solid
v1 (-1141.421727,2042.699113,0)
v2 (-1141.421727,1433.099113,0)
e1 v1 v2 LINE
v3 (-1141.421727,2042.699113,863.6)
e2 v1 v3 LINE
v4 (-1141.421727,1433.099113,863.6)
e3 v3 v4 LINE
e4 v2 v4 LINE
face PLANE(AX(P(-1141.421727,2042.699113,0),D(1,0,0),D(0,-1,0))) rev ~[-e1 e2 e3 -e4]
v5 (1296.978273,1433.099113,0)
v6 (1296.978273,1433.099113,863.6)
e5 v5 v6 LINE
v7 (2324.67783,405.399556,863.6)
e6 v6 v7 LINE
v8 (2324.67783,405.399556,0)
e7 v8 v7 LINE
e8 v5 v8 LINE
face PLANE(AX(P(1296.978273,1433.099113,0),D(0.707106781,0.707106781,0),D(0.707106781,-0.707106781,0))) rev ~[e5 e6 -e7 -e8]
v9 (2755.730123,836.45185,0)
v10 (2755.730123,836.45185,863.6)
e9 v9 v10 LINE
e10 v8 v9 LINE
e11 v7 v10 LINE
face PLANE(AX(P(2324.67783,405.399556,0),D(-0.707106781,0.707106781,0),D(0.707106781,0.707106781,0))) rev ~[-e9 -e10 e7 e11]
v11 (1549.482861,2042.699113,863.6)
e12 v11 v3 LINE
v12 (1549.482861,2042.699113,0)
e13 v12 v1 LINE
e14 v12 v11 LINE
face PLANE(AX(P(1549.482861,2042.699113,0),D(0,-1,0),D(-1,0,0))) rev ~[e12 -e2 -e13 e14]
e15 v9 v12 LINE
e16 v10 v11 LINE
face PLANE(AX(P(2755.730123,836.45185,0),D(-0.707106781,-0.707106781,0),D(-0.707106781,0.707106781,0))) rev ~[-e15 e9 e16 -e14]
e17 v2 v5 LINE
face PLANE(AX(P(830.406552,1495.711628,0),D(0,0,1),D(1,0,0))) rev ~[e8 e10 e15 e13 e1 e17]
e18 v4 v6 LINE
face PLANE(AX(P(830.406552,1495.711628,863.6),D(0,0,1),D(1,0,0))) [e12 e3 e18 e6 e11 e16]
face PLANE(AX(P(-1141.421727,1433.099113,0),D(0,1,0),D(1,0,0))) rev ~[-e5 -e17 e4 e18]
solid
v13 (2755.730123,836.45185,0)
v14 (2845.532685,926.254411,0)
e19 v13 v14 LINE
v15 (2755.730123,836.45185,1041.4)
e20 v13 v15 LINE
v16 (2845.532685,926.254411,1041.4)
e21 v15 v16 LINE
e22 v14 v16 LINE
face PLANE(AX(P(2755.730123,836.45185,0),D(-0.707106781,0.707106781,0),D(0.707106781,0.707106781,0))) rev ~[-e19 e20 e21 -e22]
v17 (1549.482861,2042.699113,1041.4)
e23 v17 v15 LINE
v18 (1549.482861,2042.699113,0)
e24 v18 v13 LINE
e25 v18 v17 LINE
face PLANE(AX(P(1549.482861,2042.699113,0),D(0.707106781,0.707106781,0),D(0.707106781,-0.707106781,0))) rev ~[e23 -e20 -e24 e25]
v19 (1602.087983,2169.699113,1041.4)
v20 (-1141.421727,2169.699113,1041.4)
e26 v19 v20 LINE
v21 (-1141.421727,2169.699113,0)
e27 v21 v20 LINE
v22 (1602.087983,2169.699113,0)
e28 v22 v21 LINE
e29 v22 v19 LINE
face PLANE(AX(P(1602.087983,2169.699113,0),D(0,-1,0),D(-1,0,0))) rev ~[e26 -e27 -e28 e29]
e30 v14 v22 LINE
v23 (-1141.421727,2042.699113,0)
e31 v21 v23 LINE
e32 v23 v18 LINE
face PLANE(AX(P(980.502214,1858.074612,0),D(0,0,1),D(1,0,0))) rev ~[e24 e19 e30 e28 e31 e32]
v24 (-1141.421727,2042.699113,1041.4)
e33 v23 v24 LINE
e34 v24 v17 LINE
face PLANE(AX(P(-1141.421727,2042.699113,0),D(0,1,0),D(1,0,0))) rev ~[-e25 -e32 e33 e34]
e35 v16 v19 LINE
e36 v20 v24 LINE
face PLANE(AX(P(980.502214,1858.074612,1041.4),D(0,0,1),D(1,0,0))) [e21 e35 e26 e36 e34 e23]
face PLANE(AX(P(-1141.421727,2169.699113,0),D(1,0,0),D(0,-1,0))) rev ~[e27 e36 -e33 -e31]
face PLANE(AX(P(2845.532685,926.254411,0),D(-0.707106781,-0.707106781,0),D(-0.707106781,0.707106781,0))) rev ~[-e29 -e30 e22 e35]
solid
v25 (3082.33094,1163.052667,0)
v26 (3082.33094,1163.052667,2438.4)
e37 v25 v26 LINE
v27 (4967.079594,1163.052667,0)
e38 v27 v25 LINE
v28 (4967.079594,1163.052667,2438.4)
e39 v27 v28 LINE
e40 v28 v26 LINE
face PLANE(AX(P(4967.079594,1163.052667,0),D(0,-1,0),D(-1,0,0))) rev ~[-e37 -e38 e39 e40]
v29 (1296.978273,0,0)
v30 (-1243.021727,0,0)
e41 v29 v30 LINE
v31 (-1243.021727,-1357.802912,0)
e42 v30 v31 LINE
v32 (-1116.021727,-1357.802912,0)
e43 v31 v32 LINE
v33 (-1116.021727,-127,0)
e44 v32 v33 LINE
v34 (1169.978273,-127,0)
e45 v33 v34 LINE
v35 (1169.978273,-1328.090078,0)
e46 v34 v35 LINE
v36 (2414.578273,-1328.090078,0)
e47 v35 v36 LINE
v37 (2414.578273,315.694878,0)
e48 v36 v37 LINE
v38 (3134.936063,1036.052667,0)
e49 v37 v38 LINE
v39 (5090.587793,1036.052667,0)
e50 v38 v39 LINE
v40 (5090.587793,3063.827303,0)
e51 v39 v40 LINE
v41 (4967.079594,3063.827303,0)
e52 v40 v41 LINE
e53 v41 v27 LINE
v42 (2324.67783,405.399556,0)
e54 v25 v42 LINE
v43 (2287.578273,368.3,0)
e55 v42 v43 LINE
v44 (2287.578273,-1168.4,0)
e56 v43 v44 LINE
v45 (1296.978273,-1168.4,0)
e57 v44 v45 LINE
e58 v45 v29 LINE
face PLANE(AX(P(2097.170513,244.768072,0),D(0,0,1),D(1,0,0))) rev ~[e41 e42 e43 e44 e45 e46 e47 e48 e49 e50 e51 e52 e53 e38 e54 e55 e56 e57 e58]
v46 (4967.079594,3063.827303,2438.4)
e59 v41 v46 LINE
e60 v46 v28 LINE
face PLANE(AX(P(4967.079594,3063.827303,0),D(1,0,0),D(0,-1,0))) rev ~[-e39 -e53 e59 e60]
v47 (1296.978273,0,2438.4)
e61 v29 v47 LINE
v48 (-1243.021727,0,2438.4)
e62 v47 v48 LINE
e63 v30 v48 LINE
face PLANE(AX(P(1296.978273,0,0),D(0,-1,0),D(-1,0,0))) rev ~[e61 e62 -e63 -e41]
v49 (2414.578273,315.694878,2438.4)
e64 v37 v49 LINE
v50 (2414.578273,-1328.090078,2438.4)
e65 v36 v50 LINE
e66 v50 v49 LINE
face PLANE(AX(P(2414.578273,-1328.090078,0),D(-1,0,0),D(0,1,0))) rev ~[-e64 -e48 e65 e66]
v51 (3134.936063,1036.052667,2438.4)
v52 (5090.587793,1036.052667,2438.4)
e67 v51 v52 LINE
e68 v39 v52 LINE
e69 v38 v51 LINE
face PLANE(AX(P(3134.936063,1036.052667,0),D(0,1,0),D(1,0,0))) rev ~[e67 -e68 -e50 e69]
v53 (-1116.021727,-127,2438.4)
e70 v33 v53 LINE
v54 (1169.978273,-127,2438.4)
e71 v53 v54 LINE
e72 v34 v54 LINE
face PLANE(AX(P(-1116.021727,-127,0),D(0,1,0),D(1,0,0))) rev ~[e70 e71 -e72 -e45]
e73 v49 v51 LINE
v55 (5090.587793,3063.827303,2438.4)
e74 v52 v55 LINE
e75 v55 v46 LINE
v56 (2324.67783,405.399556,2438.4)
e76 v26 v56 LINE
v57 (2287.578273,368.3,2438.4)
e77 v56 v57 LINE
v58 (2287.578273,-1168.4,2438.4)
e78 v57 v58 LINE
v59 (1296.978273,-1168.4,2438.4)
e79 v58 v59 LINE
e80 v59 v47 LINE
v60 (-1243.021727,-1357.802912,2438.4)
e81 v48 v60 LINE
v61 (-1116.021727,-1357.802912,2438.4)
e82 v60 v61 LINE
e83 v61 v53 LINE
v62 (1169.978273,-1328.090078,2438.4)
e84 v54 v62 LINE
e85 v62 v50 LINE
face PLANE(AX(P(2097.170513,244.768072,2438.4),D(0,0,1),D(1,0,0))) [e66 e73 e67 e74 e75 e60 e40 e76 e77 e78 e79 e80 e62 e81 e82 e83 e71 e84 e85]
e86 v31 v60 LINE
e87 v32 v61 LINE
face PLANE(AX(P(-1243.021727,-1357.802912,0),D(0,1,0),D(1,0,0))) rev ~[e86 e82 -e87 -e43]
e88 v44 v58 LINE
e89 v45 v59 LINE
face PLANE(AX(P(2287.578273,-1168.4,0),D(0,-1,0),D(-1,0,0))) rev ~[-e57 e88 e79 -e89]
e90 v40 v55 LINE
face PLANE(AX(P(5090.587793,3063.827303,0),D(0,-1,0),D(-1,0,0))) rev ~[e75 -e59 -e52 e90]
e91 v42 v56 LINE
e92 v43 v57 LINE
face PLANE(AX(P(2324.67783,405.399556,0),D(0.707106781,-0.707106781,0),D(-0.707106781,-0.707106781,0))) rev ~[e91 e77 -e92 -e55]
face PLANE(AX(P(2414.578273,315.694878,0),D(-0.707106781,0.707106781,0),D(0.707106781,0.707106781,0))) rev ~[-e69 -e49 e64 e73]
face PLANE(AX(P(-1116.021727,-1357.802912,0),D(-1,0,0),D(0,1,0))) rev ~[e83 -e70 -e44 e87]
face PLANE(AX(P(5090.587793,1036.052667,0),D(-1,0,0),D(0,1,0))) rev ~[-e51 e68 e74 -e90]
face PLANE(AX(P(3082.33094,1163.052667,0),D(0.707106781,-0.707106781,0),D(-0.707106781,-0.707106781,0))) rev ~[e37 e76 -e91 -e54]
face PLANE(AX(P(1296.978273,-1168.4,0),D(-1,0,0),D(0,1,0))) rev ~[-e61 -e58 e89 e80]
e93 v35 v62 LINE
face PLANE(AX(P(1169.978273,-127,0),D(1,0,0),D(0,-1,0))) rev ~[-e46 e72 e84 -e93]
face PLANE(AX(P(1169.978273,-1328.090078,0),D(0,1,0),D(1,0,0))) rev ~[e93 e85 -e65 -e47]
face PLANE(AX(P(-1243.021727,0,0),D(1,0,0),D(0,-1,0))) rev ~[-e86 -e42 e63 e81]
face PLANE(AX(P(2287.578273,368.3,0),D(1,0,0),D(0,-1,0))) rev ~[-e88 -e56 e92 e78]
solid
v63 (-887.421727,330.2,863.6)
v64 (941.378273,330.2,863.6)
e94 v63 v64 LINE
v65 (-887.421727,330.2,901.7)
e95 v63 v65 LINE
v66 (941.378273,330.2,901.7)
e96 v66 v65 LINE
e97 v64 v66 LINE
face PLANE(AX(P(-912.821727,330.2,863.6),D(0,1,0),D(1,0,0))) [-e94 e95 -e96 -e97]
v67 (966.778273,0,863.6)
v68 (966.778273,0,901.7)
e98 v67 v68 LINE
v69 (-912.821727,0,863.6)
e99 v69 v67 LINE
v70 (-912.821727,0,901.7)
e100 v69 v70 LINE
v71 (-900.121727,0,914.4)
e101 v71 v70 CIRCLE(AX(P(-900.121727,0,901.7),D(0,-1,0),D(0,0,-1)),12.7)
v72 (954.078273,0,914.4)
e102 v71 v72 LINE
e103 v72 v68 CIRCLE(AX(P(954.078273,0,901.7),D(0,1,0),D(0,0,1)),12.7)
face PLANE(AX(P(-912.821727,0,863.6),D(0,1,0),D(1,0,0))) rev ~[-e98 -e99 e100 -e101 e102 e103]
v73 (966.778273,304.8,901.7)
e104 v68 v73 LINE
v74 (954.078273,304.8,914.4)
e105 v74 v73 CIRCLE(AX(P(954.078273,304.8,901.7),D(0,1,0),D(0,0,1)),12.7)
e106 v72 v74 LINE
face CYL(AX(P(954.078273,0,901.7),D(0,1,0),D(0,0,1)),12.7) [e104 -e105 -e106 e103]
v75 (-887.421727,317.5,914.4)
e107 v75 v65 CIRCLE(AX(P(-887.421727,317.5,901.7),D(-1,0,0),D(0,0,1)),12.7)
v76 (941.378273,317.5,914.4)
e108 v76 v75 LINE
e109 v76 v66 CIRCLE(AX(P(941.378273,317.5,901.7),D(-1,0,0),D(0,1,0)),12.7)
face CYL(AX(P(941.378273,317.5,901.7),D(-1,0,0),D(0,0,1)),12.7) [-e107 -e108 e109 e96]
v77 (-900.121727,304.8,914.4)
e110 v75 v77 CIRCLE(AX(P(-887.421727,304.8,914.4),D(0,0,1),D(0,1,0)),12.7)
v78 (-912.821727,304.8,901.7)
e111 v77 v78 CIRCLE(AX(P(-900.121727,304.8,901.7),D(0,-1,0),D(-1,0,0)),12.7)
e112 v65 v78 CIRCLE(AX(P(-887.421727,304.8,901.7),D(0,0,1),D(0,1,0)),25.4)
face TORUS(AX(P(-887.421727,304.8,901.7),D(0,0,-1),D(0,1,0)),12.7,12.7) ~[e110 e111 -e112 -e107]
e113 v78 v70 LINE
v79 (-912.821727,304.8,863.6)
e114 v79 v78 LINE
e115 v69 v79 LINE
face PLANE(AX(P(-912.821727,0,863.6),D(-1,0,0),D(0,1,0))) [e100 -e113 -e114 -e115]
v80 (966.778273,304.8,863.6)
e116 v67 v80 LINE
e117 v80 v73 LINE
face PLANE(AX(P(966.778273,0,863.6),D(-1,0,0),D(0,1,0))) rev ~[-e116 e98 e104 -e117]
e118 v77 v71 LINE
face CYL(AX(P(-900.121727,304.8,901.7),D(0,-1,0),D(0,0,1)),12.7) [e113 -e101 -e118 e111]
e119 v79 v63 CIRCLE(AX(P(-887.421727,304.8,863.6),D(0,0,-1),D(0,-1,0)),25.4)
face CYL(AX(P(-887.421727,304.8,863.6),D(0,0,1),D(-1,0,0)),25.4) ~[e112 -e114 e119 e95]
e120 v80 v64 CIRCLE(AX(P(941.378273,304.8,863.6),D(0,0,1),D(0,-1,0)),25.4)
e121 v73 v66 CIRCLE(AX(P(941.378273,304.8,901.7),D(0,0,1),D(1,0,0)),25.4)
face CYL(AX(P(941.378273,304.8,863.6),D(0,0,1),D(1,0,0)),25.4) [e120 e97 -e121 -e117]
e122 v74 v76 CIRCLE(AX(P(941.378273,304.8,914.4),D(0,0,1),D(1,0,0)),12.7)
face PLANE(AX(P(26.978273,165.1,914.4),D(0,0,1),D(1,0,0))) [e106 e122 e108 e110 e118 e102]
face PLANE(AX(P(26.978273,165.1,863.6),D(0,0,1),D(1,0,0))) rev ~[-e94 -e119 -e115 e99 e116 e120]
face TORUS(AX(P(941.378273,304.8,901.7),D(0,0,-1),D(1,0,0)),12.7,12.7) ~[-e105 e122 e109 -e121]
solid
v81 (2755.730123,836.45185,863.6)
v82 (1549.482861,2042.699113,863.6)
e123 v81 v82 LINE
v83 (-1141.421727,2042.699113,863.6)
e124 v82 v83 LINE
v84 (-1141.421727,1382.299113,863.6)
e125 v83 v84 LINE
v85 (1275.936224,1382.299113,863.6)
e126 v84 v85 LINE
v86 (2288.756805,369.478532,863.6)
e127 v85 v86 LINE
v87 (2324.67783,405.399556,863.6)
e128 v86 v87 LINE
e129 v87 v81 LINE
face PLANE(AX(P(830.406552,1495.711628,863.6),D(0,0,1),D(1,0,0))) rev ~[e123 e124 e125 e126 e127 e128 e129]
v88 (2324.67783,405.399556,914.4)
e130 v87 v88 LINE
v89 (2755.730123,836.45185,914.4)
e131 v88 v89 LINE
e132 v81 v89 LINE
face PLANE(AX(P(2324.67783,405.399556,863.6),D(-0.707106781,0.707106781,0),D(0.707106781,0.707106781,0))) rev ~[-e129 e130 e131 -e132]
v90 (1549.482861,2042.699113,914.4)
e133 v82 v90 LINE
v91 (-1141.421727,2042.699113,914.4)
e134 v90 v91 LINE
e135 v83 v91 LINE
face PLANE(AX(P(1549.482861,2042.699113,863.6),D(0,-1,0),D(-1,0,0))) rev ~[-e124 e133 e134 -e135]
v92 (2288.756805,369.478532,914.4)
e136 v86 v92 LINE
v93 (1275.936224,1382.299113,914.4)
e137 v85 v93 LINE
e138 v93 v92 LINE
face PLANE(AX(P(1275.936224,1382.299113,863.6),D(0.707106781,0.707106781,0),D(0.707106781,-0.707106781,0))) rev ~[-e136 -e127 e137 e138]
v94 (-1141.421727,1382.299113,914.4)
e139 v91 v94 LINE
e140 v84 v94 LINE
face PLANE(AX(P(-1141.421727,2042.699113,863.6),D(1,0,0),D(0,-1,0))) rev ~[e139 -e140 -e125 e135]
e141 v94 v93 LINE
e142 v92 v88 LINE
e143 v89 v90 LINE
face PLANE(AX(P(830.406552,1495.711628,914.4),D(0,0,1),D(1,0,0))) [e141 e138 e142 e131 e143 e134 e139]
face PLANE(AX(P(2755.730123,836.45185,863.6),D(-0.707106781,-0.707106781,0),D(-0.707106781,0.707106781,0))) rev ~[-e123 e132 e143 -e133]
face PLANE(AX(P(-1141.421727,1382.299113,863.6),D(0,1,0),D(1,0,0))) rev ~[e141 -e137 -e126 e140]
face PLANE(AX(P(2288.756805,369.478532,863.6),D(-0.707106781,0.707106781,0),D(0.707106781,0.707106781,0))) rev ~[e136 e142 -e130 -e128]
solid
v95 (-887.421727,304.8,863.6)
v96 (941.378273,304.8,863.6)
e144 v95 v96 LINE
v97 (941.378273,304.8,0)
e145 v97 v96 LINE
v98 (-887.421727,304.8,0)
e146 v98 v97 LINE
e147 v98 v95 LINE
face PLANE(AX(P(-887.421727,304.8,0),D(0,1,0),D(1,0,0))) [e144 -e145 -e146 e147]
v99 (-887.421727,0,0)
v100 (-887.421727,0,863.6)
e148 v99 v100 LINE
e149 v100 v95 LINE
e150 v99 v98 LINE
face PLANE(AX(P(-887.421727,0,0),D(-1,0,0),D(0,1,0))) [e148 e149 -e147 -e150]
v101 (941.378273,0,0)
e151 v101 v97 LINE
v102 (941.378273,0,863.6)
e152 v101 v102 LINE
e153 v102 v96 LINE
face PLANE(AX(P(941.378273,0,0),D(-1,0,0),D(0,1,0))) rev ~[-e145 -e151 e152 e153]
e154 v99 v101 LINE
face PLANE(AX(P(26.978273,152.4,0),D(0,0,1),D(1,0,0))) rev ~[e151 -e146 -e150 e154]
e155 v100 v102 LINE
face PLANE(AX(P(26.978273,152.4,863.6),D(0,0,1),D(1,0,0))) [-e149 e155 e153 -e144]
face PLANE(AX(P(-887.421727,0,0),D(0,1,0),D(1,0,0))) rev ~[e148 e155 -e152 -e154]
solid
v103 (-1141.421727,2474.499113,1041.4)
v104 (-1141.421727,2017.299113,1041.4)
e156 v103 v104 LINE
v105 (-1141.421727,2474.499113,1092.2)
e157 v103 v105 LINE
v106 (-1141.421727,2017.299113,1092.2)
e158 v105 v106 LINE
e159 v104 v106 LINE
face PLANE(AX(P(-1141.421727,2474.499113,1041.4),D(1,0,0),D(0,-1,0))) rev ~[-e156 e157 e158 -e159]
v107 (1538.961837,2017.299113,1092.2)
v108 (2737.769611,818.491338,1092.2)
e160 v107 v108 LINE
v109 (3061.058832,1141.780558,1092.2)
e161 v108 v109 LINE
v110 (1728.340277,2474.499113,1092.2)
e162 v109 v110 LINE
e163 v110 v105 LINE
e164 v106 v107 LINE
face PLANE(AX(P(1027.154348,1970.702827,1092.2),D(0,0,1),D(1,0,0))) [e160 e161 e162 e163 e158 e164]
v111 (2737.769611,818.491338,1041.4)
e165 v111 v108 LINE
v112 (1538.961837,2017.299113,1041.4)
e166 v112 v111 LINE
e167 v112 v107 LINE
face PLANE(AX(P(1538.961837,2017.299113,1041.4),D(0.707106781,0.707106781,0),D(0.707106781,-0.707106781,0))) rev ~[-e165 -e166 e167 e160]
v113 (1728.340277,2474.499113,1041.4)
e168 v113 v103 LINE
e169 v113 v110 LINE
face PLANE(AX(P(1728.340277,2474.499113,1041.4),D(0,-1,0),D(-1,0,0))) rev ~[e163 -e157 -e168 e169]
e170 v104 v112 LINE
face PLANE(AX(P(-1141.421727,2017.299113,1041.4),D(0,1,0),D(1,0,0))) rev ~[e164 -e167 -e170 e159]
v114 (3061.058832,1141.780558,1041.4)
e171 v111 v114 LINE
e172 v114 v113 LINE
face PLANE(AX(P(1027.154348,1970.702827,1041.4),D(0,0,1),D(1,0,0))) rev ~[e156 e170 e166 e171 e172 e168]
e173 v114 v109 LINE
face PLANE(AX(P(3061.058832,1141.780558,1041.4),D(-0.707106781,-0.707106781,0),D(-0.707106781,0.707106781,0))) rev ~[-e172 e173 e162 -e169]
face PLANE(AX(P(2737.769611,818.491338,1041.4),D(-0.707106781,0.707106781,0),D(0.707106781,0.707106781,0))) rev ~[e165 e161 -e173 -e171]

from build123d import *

# Parameters (mm, degrees)
F1_DEPTH = 863.6
F0_W     = 1828.8
F0_H     = 304.8
F2_DEPTH = 2438.4
F3_DEPTH = 1041.4
F5_DEPTH = 50.8
F6_W     = 1879.6
F6_H     = 330.2
F7_DEPTH = 50.8
F8_R     = 25.4
F9_R     = 12.7


with BuildPart() as f1:
    # F0 (on Top) → F1 (new body)
    with BuildSketch(Plane.XY):
        Polygon((1296.9782733917, 1433.0991125107), (2324.6778296471, 405.3995562553), (2755.7301234584, 836.4518500667), (1549.4828610144, 2042.6991125107), (-1141.4217266083, 2042.6991125107), (-1141.4217266083, 1433.0991125107), align=None)
    extrude(amount=F1_DEPTH)


with BuildPart() as f1b:
    # F0 (on Top) → F1, piece 2 (new body)
    with BuildSketch(Plane.XY):
        with Locations((26.9782733917, 152.4)):
            Rectangle(F0_W, F0_H)
    extrude(amount=F1_DEPTH)


with BuildPart() as f2:
    # F0 (on Top) → F2 (new body)
    with BuildSketch(Plane.XY):
        Polygon((-887.4217266083, 0), (-1243.0217266083, 0), (-1243.0217266083, -1357.8029119428), (-1116.0217266083, -1357.8029119428), (-1116.0217266083, -127), (1169.9782733917, -127), (1169.9782733917, -1328.09007782), (2414.5782733917, -1328.09007782), (2414.5782733917, 315.6948775786), (3134.9360625277, 1036.0526667146), (5090.587792672, 1036.0526667146), (5090.587792672, 3063.8273026744), (4967.0795944628, 3063.8273026744), (4967.0795944628, 1163.0526667146), (3082.3309401063, 1163.0526667146), (3061.0588315747, 1141.780558183), (2845.5326846691, 926.2544112774), (2755.7301234584, 836.4518500667), (2324.6778296471, 405.3995562553), (2287.5782733917, 368.3), (2287.5782733917, -1168.4), (1296.9782733917, -1168.4), (1296.9782733917, 0), (941.3782733917, 0), align=None)
    extrude(amount=F2_DEPTH)


with BuildPart() as f3:
    # F0 (on Top) → F3 (new body)
    with BuildSketch(Plane.XY):
        Polygon((1549.4828610144, 2042.6991125107), (2755.7301234584, 836.4518500667), (2845.5326846691, 926.2544112774), (1602.0879834357, 2169.6991125107), (-1141.4217266083, 2169.6991125107), (-1141.4217266083, 2042.6991125107), align=None)
    extrude(amount=F3_DEPTH)


with BuildPart() as f5:
    # F4 (on face) → F5 (new body)
    with BuildSketch(Plane.XY.offset(1041.4)):
        Polygon((1538.9618365301, 2017.2991125107), (2737.7696112162, 818.4913378245), (3061.0588315747, 1141.780558183), (1728.3402772471, 2474.4991125107), (-1141.4217266083, 2474.4991125107), (-1141.4217266083, 2017.2991125107), align=None)
    extrude(amount=F5_DEPTH)


with BuildPart() as f7:
    # F6 (on face) → F7 (new body)
    with BuildSketch(Plane.XY.offset(863.6)):
        with Locations((26.9782733917, 165.1)):
            Rectangle(F6_W, F6_H)
    extrude(amount=F7_DEPTH)

    # F8
    f8_edges = [f7.edges().sort_by_distance(p)[0] for p in [
        (-912.821727, 330.2, 889),
        (966.778273, 330.2, 889),
    ]]
    fillet(f8_edges, radius=F8_R)

    # F9
    f9_edges = [f7.edges().sort_by_distance(p)[0] for p in [
        (966.778273, 152.4, 914.4),
        (26.978273, 330.2, 914.4),
    ]]
    fillet(f9_edges, radius=F9_R)


with BuildPart() as f7b:
    # F6 (on face) → F7, piece 2 (new body)
    with BuildSketch(Plane.XY.offset(863.6)):
        Polygon((2324.6778296471, 405.3995562553), (2755.7301234584, 836.4518500667), (1549.4828610144, 2042.6991125107), (-1141.4217266083, 2042.6991125107), (-1141.4217266083, 1433.0991125107), (1296.9782733917, 1433.0991125107), align=None)
        Polygon((2288.7568051628, 369.4785317711), (2324.6778296471, 405.3995562553), (1296.9782733917, 1433.0991125107), (-1141.4217266083, 1433.0991125107), (-1141.4217266083, 1382.2991125107), (1275.9362244232, 1382.2991125107), align=None)
    extrude(amount=F7_DEPTH)


solid = Compound([f1.part, f1b.part, f2.part, f3.part, f5.part, f7.part, f7b.part])
